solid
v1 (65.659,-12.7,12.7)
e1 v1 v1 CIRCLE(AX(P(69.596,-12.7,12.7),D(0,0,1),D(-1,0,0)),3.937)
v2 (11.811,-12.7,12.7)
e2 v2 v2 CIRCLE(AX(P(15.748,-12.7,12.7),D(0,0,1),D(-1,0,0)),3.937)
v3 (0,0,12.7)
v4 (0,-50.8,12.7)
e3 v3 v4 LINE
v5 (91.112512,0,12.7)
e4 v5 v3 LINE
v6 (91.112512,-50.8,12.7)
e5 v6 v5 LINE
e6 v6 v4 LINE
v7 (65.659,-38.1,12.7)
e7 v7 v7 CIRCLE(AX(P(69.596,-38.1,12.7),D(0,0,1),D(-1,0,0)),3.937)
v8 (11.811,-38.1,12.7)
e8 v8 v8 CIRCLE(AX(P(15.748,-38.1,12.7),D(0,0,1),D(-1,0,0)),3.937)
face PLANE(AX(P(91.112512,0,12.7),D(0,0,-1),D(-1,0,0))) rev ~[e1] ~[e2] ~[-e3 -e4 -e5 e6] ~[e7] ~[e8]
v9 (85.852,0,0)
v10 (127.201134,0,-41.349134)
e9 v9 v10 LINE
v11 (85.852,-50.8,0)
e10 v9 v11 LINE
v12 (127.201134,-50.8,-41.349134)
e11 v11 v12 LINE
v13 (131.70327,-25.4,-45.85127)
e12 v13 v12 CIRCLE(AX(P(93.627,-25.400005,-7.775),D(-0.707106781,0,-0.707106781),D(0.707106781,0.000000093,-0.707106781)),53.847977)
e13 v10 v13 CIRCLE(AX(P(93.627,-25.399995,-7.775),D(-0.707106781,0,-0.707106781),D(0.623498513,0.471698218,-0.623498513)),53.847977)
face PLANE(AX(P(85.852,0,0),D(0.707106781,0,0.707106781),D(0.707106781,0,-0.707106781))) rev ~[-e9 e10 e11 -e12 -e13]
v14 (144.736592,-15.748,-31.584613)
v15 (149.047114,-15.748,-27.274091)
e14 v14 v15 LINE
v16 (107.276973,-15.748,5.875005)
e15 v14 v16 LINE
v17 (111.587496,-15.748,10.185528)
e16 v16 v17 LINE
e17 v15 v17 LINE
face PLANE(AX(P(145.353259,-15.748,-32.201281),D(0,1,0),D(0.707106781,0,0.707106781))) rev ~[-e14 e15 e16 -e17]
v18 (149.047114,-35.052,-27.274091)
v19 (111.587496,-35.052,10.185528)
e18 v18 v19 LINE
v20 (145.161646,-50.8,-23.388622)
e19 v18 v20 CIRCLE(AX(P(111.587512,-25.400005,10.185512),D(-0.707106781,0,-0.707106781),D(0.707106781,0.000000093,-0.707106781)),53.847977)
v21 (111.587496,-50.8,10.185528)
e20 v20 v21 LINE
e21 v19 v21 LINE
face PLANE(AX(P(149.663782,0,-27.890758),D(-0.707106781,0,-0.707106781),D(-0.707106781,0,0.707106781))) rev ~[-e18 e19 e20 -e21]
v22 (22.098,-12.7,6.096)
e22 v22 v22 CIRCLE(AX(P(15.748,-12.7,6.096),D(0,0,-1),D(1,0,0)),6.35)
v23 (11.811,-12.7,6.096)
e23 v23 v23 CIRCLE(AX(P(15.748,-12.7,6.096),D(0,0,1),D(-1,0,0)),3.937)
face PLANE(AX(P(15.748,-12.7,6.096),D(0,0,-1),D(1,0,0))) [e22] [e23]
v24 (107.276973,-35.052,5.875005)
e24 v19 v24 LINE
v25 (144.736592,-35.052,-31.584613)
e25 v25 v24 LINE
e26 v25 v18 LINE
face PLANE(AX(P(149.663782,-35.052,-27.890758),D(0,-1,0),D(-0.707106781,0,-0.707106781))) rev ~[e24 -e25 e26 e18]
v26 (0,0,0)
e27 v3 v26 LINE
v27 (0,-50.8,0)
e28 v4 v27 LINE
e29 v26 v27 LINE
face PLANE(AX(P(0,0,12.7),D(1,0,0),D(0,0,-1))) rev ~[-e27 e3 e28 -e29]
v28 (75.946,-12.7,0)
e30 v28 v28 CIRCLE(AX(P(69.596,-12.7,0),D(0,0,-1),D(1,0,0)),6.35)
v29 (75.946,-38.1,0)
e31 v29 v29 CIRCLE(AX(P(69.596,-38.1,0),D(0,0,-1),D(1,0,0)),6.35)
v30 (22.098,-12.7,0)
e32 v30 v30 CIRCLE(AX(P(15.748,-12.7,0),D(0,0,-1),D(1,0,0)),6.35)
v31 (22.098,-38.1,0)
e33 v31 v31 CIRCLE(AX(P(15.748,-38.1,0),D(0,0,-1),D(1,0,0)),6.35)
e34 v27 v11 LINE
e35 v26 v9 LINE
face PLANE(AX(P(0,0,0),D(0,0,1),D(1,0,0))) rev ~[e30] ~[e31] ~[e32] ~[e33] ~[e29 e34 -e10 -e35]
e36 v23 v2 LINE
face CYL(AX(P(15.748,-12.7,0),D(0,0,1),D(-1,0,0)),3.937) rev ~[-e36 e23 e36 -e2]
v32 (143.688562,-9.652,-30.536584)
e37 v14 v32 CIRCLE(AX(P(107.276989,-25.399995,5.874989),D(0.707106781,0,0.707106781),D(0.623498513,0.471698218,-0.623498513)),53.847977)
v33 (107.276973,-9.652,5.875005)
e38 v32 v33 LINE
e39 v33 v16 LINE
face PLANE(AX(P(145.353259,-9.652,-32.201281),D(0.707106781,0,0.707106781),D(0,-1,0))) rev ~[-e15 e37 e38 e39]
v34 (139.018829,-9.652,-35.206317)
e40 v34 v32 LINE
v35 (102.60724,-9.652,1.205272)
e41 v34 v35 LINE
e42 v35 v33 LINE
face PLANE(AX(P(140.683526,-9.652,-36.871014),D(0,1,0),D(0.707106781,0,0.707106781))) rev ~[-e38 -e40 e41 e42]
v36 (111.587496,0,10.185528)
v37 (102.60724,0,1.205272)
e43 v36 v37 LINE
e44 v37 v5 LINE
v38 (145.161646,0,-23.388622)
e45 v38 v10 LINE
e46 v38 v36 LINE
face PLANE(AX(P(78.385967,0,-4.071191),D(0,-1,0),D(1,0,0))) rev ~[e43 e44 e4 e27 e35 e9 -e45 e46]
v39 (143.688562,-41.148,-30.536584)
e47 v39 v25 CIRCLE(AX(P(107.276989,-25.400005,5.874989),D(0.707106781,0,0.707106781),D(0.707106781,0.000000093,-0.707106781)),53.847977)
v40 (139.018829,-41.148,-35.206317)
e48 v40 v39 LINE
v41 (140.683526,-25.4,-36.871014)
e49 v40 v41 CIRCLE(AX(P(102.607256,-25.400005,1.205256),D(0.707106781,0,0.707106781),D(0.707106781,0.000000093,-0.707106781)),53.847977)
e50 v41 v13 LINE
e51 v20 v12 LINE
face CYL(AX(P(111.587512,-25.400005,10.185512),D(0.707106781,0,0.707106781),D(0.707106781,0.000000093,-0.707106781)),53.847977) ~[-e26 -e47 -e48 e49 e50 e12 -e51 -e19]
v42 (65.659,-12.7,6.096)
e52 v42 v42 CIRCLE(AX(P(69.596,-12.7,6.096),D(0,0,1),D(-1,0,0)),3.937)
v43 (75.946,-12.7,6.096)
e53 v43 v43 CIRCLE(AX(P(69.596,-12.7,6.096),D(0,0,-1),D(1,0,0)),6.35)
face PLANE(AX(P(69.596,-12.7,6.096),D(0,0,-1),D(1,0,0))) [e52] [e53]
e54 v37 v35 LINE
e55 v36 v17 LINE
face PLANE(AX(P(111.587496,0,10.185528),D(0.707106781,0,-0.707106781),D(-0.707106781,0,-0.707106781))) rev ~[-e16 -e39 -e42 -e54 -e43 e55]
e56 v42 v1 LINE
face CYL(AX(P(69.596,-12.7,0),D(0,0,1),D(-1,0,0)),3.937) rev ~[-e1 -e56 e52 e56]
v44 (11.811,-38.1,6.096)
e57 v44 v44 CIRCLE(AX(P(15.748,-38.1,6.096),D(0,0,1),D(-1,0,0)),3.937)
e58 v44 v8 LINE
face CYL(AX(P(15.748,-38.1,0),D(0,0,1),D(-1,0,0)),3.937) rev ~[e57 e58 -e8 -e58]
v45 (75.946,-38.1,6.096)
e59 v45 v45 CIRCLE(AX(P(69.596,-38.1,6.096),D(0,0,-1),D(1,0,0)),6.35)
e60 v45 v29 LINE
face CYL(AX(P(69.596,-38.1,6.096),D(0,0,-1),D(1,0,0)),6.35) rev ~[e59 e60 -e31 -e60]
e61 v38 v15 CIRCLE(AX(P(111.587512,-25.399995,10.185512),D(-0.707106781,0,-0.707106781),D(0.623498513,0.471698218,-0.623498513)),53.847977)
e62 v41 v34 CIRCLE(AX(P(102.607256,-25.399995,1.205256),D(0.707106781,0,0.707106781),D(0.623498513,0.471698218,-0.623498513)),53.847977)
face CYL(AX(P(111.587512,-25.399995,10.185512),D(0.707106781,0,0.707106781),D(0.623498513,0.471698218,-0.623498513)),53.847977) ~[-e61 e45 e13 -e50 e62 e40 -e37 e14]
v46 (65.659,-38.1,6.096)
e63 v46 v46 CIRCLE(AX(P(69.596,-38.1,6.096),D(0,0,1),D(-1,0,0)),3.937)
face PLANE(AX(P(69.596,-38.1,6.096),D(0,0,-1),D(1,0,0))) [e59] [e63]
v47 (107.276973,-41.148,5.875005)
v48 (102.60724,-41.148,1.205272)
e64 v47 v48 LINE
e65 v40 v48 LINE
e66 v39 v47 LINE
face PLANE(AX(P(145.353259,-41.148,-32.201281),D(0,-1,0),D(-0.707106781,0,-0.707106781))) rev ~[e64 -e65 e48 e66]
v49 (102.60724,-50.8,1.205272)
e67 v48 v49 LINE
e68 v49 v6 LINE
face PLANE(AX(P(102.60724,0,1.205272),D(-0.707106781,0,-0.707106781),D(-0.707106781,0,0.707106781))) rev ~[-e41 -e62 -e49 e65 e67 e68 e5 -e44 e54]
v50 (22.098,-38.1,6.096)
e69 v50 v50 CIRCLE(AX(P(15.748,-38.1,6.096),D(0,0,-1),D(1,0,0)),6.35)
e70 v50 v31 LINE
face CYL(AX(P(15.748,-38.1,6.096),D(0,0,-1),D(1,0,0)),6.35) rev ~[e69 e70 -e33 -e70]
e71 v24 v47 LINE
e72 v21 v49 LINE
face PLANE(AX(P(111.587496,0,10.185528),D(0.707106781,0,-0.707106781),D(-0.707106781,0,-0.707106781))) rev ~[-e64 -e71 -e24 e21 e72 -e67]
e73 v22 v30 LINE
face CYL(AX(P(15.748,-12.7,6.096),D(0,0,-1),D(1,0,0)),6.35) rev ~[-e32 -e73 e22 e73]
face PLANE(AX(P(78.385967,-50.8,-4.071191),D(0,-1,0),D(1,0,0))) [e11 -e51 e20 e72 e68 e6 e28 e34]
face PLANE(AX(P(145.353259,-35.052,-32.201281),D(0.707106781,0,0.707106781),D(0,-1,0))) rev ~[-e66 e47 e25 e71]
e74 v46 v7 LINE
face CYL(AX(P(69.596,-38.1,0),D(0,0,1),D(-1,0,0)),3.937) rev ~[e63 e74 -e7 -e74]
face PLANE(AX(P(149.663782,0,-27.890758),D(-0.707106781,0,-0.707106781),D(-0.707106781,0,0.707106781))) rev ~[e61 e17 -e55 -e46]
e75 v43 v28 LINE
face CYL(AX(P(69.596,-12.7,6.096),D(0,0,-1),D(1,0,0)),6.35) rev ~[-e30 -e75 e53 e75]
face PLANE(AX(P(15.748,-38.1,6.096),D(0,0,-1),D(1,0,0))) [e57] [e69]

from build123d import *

# Parameters (mm, degrees)
F1_DEPTH       = 50.8
F3_DEPTH       = 134.531275
F5_DEPTH       = 25.4
F7_D           = 7.874
F7_DEPTH       = 50.8
F7_CBORE_D     = 12.7
F7_CBORE_DEPTH = 6.096


with BuildPart() as f1:
    # F0 (on Front) → F1 (new body)
    with BuildSketch(Plane.XZ):
        Polygon((0, 12.7), (0, 0), (85.852, 0), (131.70327, -45.85127), (149.663782, -27.890758), (111.587496, 10.185528), (102.60724, 1.205272), (91.112512, 12.7), align=None)
    extrude(amount=F1_DEPTH)

    # F2 (on face) → F3 (cut, through all)
    with BuildSketch(Plane(origin=(88.77727, 0, -88.77727), x_dir=(0, 1, 0), z_dir=(0.707107, 0, -0.707107))):
        Polygon((-15.748, 86.106531), (-35.052, 86.106531), (-35.052, 80.010531), (-41.148, 80.010531), (-41.148, 73.406531), (-9.652, 73.406531), (-9.652, 80.010531), (-15.748, 80.010531), align=None)
    extrude(amount=-F3_DEPTH, mode=Mode.SUBTRACT)

    # F4 (on face) → F5 (cut)
    with BuildSketch(Plane(origin=(60.886512, 0, 60.886512), x_dir=(0.707107, 0, -0.707107), z_dir=(0.707107, 0, 0.707107))):
        with BuildLine():
            Line((125.550019, 0), (119.183037, 0))
            ThreePointArc((119.183037, 0), (123.934026, -12.307078), (125.550019, -25.4))
            Line((125.550019, -25.4), (125.550019, 0))
        make_face()
        with BuildLine():
            Line((125.550019, -50.8), (125.550019, -25.4))
            ThreePointArc((125.550019, -25.4), (123.934026, -38.492922), (119.183037, -50.8))
            Line((119.183037, -50.8), (125.550019, -50.8))
        make_face()
    extrude(amount=-F5_DEPTH, mode=Mode.SUBTRACT)

    # F7
    with Locations(Plane(origin=(0, 0, 0), x_dir=(1, 0, 0), z_dir=(0, 0, -1))):
        with Locations((15.748, 38.1), (15.748, 12.7), (69.596, 12.7), (69.596, 38.1)):
            CounterBoreHole(F7_D / 2, F7_CBORE_D / 2, F7_CBORE_DEPTH, depth=F7_DEPTH)


solid = f1.part
